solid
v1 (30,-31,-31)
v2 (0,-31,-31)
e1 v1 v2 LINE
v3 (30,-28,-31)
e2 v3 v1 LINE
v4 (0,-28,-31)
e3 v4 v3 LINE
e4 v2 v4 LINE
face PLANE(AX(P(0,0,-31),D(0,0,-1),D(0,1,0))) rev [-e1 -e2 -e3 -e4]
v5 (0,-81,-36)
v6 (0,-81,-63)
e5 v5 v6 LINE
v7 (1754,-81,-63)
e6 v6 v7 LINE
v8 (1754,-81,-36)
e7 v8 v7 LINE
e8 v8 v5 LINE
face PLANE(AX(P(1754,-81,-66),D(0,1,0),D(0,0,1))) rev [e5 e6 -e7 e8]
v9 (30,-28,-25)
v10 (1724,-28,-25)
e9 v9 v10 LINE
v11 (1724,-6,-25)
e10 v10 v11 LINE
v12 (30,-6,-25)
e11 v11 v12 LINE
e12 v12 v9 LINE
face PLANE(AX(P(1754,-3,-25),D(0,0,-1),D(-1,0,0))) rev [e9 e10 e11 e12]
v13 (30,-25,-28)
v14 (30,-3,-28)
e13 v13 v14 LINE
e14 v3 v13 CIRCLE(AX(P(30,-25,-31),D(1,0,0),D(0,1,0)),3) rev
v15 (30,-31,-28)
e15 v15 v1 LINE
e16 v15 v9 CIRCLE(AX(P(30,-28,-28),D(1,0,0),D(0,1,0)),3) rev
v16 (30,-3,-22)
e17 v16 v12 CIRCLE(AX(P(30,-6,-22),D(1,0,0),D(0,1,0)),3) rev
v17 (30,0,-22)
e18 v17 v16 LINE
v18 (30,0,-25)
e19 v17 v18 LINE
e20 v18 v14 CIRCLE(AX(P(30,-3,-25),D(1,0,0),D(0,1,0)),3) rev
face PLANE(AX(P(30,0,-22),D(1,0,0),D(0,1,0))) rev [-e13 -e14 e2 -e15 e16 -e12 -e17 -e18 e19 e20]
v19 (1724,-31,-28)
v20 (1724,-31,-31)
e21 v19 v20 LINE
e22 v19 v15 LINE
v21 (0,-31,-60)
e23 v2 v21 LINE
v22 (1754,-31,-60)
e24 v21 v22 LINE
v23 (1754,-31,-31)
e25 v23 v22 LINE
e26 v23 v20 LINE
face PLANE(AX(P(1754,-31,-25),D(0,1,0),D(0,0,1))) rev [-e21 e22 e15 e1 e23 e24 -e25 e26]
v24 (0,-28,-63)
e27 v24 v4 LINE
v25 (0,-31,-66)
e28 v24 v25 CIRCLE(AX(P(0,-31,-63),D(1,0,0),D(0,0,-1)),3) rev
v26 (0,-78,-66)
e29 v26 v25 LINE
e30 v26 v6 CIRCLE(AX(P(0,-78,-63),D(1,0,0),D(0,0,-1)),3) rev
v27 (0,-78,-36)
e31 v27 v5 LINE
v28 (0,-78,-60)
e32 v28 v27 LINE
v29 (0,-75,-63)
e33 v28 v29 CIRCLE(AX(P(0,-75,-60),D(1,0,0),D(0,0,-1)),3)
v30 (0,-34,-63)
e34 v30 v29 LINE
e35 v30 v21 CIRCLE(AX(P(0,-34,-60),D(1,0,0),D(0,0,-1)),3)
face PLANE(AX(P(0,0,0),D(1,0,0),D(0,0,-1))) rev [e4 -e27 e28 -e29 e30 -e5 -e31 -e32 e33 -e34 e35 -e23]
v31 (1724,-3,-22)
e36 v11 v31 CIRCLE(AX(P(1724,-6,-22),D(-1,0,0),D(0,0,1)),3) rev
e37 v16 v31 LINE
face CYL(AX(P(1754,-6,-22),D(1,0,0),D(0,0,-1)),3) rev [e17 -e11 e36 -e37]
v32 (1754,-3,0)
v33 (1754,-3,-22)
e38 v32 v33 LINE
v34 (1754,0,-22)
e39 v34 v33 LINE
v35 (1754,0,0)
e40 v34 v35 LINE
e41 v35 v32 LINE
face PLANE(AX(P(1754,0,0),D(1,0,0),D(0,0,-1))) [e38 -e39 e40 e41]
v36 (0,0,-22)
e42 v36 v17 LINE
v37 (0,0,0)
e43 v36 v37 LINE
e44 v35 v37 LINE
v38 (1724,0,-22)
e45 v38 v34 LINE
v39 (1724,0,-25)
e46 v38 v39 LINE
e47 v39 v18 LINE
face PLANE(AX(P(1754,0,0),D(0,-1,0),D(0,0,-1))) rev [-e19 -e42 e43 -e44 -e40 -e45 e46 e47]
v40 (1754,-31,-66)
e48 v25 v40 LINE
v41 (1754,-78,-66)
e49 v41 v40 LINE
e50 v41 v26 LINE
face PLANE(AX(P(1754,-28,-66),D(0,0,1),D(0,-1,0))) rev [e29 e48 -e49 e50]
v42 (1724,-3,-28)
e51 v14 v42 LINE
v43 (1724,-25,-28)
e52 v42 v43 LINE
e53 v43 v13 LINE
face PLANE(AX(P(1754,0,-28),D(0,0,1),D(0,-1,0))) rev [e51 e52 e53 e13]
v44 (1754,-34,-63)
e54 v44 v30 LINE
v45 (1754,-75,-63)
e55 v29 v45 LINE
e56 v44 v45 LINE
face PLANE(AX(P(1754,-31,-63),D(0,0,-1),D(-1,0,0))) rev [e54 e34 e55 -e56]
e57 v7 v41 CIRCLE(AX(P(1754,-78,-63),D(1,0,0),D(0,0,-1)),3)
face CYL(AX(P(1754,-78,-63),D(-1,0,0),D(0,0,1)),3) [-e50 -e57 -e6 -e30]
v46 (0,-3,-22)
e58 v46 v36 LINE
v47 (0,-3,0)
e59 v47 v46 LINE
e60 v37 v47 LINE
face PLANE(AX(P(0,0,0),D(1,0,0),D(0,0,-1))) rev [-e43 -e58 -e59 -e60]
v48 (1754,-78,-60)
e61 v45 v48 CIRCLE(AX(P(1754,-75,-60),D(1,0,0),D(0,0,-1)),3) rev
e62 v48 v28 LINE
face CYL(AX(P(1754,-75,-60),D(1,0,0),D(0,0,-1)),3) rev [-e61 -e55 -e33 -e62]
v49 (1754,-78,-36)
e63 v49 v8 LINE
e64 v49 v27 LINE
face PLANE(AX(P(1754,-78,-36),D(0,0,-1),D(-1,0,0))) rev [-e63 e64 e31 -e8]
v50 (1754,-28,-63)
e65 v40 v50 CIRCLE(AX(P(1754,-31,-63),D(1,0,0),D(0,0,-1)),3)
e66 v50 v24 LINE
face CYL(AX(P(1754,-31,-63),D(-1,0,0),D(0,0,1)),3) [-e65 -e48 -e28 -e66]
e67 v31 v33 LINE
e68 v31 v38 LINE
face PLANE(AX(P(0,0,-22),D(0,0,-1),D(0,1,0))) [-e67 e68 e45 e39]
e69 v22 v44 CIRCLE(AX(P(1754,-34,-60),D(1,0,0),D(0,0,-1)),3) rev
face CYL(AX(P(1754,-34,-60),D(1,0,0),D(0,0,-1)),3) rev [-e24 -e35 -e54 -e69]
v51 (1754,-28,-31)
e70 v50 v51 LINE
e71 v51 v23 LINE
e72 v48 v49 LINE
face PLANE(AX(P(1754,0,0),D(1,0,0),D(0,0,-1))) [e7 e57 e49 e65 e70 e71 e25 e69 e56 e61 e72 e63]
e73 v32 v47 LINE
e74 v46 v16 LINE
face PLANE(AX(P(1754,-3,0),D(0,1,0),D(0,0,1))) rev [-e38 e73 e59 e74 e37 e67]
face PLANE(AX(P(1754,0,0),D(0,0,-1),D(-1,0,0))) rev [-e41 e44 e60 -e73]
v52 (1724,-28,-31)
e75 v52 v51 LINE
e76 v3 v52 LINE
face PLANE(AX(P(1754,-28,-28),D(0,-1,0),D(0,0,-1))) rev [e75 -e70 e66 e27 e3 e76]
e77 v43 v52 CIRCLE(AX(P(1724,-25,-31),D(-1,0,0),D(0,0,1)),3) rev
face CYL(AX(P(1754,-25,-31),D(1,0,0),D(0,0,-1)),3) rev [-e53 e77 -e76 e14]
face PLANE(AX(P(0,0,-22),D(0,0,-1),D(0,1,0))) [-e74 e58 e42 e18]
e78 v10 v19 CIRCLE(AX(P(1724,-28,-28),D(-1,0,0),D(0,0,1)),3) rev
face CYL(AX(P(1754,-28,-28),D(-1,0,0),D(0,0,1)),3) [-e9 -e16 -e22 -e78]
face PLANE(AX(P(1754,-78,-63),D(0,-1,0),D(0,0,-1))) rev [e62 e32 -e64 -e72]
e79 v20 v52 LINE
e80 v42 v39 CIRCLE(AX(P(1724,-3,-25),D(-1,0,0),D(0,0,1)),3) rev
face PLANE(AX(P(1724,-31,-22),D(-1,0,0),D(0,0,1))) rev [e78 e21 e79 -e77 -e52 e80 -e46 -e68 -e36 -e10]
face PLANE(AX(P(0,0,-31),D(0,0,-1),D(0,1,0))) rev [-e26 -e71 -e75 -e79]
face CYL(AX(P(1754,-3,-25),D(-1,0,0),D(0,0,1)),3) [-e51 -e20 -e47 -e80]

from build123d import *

# Parameters (mm, degrees)
BOSS_EXTRUDE1_DEPTH     = 1754
FILLET2_R               = 3
CUT_EXTRUDE4_DEPTH      = 3
CUT_EXTRUDE4_DEPTH_BACK = 6
SKETCH8_W               = 30
SKETCH8_H               = 31


with BuildPart() as part:
    # Sketch3 → Boss-Extrude1 (new body)
    with BuildSketch(Plane(origin=(0, 0, 0), x_dir=(0, 0, -1), z_dir=(1, 0, 0))):
        Polygon((0, 0), (28, 0), (28, -28), (66, -28), (66, -81), (36, -81), (36, -78), (63, -78), (63, -31), (25, -31), (25, -3), (0, -3), align=None)
    extrude(amount=BOSS_EXTRUDE1_DEPTH)

    # Fillet2
    fillet2_edges = [part.edges().sort_by_distance(p)[0] for p in [
        (877, 0, -28),
        (877, -28, -28),
        (877, -28, -66),
        (877, -81, -66),
        (877, -78, -63),
        (877, -31, -63),
        (877, -31, -25),
        (877, -3, -25),
    ]]
    fillet(fillet2_edges, radius=FILLET2_R)

    # Sketch8 → Cut-Extrude4 (cut, two sides: drawn at the far end of the back side and taken through both)
    with BuildSketch(Plane(origin=(0, 0, -28), x_dir=(-1, 0, 0), z_dir=(0, 0, -1)).offset(-CUT_EXTRUDE4_DEPTH_BACK)):
        with Locations((-15, -15.5)):
            Rectangle(SKETCH8_W, SKETCH8_H)
        with Locations((-1739, -15.5)):
            Rectangle(SKETCH8_W, SKETCH8_H)
    extrude(amount=CUT_EXTRUDE4_DEPTH + CUT_EXTRUDE4_DEPTH_BACK, mode=Mode.SUBTRACT)


solid = part.part
